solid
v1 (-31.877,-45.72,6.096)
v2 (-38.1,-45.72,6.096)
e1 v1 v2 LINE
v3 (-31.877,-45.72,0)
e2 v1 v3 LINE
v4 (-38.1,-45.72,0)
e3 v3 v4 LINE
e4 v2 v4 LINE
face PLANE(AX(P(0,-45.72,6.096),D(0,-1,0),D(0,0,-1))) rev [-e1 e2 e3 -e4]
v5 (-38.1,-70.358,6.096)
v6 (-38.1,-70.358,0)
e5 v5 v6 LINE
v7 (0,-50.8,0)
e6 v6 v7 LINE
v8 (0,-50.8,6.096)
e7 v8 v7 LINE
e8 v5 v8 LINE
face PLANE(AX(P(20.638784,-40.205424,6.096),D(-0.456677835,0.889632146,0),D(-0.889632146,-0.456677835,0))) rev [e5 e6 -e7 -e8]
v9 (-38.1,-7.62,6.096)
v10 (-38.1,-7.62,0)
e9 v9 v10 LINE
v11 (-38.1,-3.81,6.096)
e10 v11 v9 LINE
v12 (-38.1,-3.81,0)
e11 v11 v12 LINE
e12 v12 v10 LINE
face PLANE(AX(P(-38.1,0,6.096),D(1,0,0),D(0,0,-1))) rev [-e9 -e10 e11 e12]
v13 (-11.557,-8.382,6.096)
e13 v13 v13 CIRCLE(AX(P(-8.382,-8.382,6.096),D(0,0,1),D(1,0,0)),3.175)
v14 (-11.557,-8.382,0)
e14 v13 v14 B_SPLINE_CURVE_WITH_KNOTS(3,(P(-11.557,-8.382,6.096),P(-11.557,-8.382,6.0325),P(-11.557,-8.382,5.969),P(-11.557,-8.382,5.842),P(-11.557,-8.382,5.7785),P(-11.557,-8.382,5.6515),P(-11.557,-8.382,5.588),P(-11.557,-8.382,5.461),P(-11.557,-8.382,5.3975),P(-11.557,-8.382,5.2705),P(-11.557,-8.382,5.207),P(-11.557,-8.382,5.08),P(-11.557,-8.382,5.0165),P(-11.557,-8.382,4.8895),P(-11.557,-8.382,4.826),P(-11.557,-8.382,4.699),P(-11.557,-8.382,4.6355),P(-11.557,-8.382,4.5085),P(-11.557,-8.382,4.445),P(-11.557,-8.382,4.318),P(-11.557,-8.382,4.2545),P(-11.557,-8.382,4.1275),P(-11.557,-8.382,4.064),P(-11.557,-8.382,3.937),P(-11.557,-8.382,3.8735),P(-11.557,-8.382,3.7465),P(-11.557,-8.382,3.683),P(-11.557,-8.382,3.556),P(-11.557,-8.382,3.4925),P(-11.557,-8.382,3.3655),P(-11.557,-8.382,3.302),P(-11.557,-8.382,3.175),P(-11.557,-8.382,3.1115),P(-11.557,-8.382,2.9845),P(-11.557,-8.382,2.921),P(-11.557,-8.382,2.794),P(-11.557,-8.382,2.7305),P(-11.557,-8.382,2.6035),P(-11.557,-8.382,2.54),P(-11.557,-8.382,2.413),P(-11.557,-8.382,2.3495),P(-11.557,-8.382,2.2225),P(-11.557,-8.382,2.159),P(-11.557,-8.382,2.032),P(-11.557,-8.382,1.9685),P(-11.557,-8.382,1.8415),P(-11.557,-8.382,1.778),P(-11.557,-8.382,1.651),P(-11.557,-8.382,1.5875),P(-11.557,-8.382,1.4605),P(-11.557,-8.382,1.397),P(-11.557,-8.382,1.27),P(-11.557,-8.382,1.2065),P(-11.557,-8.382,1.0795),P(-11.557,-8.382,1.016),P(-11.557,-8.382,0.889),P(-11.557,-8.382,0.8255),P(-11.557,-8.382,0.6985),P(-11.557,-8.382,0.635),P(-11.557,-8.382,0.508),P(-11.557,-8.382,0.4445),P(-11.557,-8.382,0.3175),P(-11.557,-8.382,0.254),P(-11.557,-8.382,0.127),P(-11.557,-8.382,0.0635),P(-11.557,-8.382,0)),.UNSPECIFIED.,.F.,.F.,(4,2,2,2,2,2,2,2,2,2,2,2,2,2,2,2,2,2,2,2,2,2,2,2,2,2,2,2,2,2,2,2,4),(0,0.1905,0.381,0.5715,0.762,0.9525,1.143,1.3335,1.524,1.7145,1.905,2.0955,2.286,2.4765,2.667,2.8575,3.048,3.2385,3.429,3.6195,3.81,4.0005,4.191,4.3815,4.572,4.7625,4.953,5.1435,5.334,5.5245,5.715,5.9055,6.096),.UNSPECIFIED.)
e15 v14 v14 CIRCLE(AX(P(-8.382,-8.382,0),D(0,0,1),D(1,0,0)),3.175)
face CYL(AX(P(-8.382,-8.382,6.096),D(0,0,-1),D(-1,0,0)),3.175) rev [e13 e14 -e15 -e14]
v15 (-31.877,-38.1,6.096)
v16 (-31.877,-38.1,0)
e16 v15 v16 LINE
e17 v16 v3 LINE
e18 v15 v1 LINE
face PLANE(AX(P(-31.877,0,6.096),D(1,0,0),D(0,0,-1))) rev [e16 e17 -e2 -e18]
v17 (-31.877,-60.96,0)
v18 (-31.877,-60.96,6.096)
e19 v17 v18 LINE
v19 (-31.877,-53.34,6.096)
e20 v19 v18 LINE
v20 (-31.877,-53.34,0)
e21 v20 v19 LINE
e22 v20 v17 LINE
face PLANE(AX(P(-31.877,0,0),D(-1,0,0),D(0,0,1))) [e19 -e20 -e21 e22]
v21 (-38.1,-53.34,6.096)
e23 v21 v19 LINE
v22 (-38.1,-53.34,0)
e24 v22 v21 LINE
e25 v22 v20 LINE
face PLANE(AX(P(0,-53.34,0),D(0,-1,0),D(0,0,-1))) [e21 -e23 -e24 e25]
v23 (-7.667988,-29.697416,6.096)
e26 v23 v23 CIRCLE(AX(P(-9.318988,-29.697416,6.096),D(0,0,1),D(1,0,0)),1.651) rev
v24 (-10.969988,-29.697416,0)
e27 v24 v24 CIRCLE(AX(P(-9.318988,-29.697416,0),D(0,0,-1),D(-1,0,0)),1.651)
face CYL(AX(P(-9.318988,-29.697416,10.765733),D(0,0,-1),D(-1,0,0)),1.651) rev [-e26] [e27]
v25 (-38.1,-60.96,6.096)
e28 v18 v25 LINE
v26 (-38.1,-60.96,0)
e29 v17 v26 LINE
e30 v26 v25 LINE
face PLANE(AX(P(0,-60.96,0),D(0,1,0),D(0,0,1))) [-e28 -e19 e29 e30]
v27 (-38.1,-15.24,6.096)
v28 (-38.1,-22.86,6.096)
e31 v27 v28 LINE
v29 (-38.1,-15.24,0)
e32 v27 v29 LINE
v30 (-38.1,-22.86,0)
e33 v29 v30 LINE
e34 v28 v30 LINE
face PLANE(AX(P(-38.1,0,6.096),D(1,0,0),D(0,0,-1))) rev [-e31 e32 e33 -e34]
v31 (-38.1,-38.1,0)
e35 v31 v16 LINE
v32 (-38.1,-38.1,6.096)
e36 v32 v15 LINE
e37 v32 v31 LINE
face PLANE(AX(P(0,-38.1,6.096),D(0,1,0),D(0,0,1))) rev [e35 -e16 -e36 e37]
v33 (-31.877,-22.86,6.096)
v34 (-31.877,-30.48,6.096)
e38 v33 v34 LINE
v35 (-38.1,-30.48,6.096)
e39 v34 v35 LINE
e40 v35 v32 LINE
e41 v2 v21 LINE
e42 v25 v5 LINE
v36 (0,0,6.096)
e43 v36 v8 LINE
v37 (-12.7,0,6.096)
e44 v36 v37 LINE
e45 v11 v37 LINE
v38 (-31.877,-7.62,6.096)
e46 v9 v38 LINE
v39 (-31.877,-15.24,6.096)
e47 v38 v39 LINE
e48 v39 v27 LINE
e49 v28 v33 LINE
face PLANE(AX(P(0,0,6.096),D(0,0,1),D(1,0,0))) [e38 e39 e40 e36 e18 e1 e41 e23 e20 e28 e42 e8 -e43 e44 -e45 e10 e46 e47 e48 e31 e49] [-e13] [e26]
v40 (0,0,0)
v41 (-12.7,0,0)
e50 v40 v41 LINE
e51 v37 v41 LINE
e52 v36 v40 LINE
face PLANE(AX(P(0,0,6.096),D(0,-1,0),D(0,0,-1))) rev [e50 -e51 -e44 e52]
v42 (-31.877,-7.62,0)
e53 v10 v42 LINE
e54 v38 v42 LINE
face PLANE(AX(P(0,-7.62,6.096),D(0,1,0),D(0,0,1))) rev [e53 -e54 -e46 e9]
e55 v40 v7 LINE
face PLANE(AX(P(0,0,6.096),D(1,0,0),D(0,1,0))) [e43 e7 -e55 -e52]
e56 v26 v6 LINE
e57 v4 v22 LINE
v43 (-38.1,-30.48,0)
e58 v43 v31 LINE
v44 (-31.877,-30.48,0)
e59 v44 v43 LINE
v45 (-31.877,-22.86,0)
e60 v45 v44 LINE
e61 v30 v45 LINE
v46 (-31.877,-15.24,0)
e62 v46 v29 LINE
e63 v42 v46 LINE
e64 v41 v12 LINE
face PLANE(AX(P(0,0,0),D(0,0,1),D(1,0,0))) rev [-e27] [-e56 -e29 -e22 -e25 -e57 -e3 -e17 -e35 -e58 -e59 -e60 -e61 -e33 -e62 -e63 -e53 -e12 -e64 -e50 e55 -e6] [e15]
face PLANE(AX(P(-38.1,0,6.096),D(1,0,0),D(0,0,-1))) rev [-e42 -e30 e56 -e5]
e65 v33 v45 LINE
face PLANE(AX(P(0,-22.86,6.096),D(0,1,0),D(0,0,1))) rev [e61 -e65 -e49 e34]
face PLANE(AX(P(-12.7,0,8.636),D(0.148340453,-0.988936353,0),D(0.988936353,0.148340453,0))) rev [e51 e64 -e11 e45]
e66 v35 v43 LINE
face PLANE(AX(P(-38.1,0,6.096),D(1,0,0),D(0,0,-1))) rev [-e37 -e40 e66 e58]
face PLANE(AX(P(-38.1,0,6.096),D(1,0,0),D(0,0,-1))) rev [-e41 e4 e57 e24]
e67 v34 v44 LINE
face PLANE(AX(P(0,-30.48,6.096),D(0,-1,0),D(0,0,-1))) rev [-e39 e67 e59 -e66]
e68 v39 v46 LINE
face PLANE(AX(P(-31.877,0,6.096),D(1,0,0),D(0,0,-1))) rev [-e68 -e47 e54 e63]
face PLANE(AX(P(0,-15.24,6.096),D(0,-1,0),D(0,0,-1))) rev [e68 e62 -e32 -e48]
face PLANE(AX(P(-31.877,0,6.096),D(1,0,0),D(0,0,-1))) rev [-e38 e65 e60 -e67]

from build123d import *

# Parameters (mm, degrees)
SKETCH1_R           = 3.175
BOSS_EXTRUDE1_DEPTH = 6.096
CUT_EXTRUDE1_DEPTH  = 8.636
SKETCH4_W           = 6.223
SKETCH4_H           = 7.62
CUT_EXTRUDE2_DEPTH  = 81.243500547
SKETCH5_R           = 1.651
CUT_EXTRUDE4_DEPTH  = 6.096


with BuildPart() as part:
    # Sketch1 → Boss-Extrude1 (new body)
    with BuildSketch(Plane.XY):
        Polygon((0, 0), (-38.1, 0), (-38.1, -7.62), (-31.877, -7.62), (-31.877, -15.24), (-38.1, -15.24), (-38.1, -22.86), (-31.877, -22.86), (-31.877, -30.48), (-38.1, -30.48), (-38.1, -38.1), (-31.877, -38.1), (-31.877, -45.72), (-38.1, -45.72), (-38.1, -70.358), (0, -50.8), align=None)
        with Locations(Location((-8.382, -8.382, 0), (0, 0, 180))):
            Circle(SKETCH1_R, mode=Mode.SUBTRACT)
    extrude(amount=BOSS_EXTRUDE1_DEPTH)

    # Sketch2 → Cut-Extrude1 (cut)
    with BuildSketch(Plane(origin=(0, 0, 0), x_dir=(-1, 0, 0), z_dir=(0, 0, -1))):
        Polygon((38.1, 0), (12.7, 0), (38.1, -3.81), align=None)
    extrude(amount=-CUT_EXTRUDE1_DEPTH, mode=Mode.SUBTRACT)

    # Sketch4 → Cut-Extrude2 (cut, through all)
    with BuildSketch(Plane.XY.offset(6.096)):
        with Locations((-34.9885, -57.15)):
            Rectangle(SKETCH4_W, SKETCH4_H)
    extrude(amount=-CUT_EXTRUDE2_DEPTH, mode=Mode.SUBTRACT)

    # Sketch5 → Cut-Extrude4 (cut)
    with BuildSketch(Plane(origin=(0, 0, 0), x_dir=(-1, 0, 0), z_dir=(0, 0, -1))):
        with Locations((9.318987701, -29.697415784)):
            Circle(SKETCH5_R)
    extrude(amount=-CUT_EXTRUDE4_DEPTH, mode=Mode.SUBTRACT)


solid = part.part
